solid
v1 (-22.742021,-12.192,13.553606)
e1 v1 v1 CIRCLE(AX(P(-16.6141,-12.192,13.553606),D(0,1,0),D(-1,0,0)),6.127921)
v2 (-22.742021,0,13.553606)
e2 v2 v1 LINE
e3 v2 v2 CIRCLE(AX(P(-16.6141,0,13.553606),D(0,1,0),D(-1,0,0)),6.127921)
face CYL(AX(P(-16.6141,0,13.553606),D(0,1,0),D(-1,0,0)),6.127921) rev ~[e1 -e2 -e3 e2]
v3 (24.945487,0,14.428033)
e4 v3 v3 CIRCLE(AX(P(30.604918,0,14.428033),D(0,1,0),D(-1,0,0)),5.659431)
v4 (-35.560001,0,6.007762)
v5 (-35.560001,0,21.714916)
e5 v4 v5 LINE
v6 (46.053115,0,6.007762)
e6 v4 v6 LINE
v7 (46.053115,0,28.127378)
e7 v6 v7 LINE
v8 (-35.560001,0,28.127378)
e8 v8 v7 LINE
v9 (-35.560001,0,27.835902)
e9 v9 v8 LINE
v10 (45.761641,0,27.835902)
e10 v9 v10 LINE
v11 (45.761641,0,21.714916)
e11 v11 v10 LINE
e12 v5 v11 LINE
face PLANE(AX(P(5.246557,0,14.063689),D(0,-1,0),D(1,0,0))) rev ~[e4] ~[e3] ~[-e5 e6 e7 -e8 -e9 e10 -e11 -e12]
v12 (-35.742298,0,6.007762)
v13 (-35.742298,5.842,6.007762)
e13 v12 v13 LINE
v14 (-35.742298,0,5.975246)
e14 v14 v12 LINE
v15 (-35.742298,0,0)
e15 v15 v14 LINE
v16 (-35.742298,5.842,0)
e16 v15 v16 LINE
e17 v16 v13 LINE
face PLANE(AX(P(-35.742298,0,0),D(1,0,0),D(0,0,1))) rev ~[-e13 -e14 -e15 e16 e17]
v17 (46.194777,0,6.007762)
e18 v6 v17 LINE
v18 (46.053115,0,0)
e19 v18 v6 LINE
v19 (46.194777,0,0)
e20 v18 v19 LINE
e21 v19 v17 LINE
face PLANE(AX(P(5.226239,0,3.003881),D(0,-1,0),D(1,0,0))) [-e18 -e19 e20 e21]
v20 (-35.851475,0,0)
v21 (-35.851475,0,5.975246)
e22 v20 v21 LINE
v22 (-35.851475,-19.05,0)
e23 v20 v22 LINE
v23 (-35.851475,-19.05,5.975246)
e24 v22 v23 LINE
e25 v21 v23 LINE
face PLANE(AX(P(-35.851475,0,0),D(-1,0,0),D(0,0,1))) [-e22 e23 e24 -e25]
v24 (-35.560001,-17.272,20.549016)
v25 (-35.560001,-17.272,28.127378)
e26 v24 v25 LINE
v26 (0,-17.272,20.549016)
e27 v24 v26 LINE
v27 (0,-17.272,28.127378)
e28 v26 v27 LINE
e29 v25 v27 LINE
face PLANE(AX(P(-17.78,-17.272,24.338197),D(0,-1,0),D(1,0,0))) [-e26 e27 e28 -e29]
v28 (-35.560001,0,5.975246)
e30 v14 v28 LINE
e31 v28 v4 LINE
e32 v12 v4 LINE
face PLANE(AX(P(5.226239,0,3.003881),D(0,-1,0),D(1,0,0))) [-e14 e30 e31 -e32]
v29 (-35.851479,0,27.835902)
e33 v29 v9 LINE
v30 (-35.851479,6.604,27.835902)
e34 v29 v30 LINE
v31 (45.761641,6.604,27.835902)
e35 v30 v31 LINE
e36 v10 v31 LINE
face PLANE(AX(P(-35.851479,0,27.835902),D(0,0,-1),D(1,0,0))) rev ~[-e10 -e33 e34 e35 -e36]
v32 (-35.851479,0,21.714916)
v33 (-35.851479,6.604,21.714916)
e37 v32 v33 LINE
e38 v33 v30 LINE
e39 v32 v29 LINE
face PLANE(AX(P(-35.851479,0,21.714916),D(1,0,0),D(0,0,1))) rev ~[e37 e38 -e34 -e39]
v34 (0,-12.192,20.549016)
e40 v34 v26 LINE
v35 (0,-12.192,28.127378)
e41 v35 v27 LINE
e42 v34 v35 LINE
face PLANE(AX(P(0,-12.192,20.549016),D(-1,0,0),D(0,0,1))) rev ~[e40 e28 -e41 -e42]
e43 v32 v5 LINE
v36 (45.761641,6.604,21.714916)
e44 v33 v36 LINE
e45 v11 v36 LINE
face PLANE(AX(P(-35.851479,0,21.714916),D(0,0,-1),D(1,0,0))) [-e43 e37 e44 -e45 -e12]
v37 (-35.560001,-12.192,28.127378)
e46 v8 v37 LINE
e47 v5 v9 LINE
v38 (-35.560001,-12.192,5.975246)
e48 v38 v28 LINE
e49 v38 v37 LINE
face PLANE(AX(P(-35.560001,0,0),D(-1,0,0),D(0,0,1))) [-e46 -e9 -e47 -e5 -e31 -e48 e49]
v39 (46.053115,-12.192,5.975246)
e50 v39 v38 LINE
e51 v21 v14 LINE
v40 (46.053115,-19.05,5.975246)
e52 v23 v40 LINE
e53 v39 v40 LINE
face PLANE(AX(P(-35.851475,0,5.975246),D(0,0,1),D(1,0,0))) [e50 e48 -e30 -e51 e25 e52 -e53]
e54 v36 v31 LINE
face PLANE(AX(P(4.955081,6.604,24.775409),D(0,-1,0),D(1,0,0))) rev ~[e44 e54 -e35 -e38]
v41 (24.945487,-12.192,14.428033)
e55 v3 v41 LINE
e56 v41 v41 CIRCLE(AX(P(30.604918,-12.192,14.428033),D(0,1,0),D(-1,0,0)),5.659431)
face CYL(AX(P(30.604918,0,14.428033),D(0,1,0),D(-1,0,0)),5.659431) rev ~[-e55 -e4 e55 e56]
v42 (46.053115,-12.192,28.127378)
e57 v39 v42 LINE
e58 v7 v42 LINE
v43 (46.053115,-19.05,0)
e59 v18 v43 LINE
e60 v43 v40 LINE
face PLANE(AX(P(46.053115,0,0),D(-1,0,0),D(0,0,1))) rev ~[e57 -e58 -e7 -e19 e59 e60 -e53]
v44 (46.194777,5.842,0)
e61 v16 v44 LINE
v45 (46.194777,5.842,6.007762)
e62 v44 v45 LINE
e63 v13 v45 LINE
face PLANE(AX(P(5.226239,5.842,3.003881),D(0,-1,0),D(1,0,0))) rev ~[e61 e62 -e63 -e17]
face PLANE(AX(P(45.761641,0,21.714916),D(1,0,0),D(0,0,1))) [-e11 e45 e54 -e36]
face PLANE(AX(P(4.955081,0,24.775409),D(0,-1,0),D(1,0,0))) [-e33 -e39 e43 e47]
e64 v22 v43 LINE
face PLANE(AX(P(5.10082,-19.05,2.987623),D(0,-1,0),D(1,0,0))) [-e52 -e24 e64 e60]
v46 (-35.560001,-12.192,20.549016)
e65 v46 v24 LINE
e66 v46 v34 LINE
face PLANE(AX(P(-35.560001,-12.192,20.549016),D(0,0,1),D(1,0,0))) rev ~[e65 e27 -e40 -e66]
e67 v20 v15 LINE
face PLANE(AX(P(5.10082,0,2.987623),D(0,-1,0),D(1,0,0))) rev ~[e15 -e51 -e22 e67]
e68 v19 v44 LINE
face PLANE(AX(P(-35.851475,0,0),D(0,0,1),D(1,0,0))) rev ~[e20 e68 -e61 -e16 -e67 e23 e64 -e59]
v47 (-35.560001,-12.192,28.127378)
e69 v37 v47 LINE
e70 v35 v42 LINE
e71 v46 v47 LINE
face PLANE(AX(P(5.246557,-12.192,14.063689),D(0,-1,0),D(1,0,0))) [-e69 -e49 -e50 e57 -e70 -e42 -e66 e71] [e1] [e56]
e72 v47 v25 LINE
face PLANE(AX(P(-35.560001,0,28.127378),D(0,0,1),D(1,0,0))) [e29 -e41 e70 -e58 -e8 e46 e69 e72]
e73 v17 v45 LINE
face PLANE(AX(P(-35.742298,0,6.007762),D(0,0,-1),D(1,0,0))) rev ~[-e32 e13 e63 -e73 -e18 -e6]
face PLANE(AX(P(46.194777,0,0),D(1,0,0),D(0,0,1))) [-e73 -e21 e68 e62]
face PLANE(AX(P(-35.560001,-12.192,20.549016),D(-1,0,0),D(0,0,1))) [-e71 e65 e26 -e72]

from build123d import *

# Parameters (mm, degrees)
F0_W      = 81.613116
F0_H      = 28.127378
F1_DEPTH  = 12.192
F2_W      = 81.937075
F2_H      = 6.007762
F3_DEPTH  = 5.842
F4_W      = 81.90459
F4_H      = 5.975246
F5_DEPTH  = 19.05
F6_W      = 81.61312
F6_H      = 6.120986
F7_DEPTH  = 6.604
F8_R      = 5.659431
F8_R_2    = 6.127921
F9_DEPTH  = 70.104
F10_W     = 35.560001
F10_H     = 7.578362
F11_DEPTH = 5.08


with BuildPart() as f1:
    # F0 (on Front) → F1 (new body)
    with BuildSketch(Plane.XZ):
        with Locations((5.246557, 14.063689)):
            Rectangle(F0_W, F0_H)
    extrude(amount=F1_DEPTH)

    # F2 (on Front) → F3 (join)
    with BuildSketch(Plane.XZ):
        with Locations((5.226239, 3.003881)):
            Rectangle(F2_W, F2_H)
    extrude(amount=-F3_DEPTH)

    # F4 (on Front) → F5 (join)
    with BuildSketch(Plane.XZ):
        with Locations((5.10082, 2.987623)):
            Rectangle(F4_W, F4_H)
    extrude(amount=F5_DEPTH)

    # F6 (on Front) → F7 (join)
    with BuildSketch(Plane.XZ):
        with Locations((4.955081, 24.775409)):
            Rectangle(F6_W, F6_H)
    extrude(amount=-F7_DEPTH)

    # F8 (on face) → F9 (cut)
    with BuildSketch(Plane(origin=(0, 0, 0), x_dir=(-1, 0, 0), z_dir=(0, 1, 0))):
        with Locations((-30.604918, 14.428033)):
            Circle(F8_R)
        with Locations((16.6141, 13.553606)):
            Circle(F8_R_2)
    extrude(amount=-F9_DEPTH, mode=Mode.SUBTRACT)

    # F10 (on face) → F11 (join)
    with BuildSketch(Plane.XZ.offset(12.192)):
        with Locations((-17.78, 24.338197)):
            Rectangle(F10_W, F10_H)
    extrude(amount=F11_DEPTH)


solid = f1.part
